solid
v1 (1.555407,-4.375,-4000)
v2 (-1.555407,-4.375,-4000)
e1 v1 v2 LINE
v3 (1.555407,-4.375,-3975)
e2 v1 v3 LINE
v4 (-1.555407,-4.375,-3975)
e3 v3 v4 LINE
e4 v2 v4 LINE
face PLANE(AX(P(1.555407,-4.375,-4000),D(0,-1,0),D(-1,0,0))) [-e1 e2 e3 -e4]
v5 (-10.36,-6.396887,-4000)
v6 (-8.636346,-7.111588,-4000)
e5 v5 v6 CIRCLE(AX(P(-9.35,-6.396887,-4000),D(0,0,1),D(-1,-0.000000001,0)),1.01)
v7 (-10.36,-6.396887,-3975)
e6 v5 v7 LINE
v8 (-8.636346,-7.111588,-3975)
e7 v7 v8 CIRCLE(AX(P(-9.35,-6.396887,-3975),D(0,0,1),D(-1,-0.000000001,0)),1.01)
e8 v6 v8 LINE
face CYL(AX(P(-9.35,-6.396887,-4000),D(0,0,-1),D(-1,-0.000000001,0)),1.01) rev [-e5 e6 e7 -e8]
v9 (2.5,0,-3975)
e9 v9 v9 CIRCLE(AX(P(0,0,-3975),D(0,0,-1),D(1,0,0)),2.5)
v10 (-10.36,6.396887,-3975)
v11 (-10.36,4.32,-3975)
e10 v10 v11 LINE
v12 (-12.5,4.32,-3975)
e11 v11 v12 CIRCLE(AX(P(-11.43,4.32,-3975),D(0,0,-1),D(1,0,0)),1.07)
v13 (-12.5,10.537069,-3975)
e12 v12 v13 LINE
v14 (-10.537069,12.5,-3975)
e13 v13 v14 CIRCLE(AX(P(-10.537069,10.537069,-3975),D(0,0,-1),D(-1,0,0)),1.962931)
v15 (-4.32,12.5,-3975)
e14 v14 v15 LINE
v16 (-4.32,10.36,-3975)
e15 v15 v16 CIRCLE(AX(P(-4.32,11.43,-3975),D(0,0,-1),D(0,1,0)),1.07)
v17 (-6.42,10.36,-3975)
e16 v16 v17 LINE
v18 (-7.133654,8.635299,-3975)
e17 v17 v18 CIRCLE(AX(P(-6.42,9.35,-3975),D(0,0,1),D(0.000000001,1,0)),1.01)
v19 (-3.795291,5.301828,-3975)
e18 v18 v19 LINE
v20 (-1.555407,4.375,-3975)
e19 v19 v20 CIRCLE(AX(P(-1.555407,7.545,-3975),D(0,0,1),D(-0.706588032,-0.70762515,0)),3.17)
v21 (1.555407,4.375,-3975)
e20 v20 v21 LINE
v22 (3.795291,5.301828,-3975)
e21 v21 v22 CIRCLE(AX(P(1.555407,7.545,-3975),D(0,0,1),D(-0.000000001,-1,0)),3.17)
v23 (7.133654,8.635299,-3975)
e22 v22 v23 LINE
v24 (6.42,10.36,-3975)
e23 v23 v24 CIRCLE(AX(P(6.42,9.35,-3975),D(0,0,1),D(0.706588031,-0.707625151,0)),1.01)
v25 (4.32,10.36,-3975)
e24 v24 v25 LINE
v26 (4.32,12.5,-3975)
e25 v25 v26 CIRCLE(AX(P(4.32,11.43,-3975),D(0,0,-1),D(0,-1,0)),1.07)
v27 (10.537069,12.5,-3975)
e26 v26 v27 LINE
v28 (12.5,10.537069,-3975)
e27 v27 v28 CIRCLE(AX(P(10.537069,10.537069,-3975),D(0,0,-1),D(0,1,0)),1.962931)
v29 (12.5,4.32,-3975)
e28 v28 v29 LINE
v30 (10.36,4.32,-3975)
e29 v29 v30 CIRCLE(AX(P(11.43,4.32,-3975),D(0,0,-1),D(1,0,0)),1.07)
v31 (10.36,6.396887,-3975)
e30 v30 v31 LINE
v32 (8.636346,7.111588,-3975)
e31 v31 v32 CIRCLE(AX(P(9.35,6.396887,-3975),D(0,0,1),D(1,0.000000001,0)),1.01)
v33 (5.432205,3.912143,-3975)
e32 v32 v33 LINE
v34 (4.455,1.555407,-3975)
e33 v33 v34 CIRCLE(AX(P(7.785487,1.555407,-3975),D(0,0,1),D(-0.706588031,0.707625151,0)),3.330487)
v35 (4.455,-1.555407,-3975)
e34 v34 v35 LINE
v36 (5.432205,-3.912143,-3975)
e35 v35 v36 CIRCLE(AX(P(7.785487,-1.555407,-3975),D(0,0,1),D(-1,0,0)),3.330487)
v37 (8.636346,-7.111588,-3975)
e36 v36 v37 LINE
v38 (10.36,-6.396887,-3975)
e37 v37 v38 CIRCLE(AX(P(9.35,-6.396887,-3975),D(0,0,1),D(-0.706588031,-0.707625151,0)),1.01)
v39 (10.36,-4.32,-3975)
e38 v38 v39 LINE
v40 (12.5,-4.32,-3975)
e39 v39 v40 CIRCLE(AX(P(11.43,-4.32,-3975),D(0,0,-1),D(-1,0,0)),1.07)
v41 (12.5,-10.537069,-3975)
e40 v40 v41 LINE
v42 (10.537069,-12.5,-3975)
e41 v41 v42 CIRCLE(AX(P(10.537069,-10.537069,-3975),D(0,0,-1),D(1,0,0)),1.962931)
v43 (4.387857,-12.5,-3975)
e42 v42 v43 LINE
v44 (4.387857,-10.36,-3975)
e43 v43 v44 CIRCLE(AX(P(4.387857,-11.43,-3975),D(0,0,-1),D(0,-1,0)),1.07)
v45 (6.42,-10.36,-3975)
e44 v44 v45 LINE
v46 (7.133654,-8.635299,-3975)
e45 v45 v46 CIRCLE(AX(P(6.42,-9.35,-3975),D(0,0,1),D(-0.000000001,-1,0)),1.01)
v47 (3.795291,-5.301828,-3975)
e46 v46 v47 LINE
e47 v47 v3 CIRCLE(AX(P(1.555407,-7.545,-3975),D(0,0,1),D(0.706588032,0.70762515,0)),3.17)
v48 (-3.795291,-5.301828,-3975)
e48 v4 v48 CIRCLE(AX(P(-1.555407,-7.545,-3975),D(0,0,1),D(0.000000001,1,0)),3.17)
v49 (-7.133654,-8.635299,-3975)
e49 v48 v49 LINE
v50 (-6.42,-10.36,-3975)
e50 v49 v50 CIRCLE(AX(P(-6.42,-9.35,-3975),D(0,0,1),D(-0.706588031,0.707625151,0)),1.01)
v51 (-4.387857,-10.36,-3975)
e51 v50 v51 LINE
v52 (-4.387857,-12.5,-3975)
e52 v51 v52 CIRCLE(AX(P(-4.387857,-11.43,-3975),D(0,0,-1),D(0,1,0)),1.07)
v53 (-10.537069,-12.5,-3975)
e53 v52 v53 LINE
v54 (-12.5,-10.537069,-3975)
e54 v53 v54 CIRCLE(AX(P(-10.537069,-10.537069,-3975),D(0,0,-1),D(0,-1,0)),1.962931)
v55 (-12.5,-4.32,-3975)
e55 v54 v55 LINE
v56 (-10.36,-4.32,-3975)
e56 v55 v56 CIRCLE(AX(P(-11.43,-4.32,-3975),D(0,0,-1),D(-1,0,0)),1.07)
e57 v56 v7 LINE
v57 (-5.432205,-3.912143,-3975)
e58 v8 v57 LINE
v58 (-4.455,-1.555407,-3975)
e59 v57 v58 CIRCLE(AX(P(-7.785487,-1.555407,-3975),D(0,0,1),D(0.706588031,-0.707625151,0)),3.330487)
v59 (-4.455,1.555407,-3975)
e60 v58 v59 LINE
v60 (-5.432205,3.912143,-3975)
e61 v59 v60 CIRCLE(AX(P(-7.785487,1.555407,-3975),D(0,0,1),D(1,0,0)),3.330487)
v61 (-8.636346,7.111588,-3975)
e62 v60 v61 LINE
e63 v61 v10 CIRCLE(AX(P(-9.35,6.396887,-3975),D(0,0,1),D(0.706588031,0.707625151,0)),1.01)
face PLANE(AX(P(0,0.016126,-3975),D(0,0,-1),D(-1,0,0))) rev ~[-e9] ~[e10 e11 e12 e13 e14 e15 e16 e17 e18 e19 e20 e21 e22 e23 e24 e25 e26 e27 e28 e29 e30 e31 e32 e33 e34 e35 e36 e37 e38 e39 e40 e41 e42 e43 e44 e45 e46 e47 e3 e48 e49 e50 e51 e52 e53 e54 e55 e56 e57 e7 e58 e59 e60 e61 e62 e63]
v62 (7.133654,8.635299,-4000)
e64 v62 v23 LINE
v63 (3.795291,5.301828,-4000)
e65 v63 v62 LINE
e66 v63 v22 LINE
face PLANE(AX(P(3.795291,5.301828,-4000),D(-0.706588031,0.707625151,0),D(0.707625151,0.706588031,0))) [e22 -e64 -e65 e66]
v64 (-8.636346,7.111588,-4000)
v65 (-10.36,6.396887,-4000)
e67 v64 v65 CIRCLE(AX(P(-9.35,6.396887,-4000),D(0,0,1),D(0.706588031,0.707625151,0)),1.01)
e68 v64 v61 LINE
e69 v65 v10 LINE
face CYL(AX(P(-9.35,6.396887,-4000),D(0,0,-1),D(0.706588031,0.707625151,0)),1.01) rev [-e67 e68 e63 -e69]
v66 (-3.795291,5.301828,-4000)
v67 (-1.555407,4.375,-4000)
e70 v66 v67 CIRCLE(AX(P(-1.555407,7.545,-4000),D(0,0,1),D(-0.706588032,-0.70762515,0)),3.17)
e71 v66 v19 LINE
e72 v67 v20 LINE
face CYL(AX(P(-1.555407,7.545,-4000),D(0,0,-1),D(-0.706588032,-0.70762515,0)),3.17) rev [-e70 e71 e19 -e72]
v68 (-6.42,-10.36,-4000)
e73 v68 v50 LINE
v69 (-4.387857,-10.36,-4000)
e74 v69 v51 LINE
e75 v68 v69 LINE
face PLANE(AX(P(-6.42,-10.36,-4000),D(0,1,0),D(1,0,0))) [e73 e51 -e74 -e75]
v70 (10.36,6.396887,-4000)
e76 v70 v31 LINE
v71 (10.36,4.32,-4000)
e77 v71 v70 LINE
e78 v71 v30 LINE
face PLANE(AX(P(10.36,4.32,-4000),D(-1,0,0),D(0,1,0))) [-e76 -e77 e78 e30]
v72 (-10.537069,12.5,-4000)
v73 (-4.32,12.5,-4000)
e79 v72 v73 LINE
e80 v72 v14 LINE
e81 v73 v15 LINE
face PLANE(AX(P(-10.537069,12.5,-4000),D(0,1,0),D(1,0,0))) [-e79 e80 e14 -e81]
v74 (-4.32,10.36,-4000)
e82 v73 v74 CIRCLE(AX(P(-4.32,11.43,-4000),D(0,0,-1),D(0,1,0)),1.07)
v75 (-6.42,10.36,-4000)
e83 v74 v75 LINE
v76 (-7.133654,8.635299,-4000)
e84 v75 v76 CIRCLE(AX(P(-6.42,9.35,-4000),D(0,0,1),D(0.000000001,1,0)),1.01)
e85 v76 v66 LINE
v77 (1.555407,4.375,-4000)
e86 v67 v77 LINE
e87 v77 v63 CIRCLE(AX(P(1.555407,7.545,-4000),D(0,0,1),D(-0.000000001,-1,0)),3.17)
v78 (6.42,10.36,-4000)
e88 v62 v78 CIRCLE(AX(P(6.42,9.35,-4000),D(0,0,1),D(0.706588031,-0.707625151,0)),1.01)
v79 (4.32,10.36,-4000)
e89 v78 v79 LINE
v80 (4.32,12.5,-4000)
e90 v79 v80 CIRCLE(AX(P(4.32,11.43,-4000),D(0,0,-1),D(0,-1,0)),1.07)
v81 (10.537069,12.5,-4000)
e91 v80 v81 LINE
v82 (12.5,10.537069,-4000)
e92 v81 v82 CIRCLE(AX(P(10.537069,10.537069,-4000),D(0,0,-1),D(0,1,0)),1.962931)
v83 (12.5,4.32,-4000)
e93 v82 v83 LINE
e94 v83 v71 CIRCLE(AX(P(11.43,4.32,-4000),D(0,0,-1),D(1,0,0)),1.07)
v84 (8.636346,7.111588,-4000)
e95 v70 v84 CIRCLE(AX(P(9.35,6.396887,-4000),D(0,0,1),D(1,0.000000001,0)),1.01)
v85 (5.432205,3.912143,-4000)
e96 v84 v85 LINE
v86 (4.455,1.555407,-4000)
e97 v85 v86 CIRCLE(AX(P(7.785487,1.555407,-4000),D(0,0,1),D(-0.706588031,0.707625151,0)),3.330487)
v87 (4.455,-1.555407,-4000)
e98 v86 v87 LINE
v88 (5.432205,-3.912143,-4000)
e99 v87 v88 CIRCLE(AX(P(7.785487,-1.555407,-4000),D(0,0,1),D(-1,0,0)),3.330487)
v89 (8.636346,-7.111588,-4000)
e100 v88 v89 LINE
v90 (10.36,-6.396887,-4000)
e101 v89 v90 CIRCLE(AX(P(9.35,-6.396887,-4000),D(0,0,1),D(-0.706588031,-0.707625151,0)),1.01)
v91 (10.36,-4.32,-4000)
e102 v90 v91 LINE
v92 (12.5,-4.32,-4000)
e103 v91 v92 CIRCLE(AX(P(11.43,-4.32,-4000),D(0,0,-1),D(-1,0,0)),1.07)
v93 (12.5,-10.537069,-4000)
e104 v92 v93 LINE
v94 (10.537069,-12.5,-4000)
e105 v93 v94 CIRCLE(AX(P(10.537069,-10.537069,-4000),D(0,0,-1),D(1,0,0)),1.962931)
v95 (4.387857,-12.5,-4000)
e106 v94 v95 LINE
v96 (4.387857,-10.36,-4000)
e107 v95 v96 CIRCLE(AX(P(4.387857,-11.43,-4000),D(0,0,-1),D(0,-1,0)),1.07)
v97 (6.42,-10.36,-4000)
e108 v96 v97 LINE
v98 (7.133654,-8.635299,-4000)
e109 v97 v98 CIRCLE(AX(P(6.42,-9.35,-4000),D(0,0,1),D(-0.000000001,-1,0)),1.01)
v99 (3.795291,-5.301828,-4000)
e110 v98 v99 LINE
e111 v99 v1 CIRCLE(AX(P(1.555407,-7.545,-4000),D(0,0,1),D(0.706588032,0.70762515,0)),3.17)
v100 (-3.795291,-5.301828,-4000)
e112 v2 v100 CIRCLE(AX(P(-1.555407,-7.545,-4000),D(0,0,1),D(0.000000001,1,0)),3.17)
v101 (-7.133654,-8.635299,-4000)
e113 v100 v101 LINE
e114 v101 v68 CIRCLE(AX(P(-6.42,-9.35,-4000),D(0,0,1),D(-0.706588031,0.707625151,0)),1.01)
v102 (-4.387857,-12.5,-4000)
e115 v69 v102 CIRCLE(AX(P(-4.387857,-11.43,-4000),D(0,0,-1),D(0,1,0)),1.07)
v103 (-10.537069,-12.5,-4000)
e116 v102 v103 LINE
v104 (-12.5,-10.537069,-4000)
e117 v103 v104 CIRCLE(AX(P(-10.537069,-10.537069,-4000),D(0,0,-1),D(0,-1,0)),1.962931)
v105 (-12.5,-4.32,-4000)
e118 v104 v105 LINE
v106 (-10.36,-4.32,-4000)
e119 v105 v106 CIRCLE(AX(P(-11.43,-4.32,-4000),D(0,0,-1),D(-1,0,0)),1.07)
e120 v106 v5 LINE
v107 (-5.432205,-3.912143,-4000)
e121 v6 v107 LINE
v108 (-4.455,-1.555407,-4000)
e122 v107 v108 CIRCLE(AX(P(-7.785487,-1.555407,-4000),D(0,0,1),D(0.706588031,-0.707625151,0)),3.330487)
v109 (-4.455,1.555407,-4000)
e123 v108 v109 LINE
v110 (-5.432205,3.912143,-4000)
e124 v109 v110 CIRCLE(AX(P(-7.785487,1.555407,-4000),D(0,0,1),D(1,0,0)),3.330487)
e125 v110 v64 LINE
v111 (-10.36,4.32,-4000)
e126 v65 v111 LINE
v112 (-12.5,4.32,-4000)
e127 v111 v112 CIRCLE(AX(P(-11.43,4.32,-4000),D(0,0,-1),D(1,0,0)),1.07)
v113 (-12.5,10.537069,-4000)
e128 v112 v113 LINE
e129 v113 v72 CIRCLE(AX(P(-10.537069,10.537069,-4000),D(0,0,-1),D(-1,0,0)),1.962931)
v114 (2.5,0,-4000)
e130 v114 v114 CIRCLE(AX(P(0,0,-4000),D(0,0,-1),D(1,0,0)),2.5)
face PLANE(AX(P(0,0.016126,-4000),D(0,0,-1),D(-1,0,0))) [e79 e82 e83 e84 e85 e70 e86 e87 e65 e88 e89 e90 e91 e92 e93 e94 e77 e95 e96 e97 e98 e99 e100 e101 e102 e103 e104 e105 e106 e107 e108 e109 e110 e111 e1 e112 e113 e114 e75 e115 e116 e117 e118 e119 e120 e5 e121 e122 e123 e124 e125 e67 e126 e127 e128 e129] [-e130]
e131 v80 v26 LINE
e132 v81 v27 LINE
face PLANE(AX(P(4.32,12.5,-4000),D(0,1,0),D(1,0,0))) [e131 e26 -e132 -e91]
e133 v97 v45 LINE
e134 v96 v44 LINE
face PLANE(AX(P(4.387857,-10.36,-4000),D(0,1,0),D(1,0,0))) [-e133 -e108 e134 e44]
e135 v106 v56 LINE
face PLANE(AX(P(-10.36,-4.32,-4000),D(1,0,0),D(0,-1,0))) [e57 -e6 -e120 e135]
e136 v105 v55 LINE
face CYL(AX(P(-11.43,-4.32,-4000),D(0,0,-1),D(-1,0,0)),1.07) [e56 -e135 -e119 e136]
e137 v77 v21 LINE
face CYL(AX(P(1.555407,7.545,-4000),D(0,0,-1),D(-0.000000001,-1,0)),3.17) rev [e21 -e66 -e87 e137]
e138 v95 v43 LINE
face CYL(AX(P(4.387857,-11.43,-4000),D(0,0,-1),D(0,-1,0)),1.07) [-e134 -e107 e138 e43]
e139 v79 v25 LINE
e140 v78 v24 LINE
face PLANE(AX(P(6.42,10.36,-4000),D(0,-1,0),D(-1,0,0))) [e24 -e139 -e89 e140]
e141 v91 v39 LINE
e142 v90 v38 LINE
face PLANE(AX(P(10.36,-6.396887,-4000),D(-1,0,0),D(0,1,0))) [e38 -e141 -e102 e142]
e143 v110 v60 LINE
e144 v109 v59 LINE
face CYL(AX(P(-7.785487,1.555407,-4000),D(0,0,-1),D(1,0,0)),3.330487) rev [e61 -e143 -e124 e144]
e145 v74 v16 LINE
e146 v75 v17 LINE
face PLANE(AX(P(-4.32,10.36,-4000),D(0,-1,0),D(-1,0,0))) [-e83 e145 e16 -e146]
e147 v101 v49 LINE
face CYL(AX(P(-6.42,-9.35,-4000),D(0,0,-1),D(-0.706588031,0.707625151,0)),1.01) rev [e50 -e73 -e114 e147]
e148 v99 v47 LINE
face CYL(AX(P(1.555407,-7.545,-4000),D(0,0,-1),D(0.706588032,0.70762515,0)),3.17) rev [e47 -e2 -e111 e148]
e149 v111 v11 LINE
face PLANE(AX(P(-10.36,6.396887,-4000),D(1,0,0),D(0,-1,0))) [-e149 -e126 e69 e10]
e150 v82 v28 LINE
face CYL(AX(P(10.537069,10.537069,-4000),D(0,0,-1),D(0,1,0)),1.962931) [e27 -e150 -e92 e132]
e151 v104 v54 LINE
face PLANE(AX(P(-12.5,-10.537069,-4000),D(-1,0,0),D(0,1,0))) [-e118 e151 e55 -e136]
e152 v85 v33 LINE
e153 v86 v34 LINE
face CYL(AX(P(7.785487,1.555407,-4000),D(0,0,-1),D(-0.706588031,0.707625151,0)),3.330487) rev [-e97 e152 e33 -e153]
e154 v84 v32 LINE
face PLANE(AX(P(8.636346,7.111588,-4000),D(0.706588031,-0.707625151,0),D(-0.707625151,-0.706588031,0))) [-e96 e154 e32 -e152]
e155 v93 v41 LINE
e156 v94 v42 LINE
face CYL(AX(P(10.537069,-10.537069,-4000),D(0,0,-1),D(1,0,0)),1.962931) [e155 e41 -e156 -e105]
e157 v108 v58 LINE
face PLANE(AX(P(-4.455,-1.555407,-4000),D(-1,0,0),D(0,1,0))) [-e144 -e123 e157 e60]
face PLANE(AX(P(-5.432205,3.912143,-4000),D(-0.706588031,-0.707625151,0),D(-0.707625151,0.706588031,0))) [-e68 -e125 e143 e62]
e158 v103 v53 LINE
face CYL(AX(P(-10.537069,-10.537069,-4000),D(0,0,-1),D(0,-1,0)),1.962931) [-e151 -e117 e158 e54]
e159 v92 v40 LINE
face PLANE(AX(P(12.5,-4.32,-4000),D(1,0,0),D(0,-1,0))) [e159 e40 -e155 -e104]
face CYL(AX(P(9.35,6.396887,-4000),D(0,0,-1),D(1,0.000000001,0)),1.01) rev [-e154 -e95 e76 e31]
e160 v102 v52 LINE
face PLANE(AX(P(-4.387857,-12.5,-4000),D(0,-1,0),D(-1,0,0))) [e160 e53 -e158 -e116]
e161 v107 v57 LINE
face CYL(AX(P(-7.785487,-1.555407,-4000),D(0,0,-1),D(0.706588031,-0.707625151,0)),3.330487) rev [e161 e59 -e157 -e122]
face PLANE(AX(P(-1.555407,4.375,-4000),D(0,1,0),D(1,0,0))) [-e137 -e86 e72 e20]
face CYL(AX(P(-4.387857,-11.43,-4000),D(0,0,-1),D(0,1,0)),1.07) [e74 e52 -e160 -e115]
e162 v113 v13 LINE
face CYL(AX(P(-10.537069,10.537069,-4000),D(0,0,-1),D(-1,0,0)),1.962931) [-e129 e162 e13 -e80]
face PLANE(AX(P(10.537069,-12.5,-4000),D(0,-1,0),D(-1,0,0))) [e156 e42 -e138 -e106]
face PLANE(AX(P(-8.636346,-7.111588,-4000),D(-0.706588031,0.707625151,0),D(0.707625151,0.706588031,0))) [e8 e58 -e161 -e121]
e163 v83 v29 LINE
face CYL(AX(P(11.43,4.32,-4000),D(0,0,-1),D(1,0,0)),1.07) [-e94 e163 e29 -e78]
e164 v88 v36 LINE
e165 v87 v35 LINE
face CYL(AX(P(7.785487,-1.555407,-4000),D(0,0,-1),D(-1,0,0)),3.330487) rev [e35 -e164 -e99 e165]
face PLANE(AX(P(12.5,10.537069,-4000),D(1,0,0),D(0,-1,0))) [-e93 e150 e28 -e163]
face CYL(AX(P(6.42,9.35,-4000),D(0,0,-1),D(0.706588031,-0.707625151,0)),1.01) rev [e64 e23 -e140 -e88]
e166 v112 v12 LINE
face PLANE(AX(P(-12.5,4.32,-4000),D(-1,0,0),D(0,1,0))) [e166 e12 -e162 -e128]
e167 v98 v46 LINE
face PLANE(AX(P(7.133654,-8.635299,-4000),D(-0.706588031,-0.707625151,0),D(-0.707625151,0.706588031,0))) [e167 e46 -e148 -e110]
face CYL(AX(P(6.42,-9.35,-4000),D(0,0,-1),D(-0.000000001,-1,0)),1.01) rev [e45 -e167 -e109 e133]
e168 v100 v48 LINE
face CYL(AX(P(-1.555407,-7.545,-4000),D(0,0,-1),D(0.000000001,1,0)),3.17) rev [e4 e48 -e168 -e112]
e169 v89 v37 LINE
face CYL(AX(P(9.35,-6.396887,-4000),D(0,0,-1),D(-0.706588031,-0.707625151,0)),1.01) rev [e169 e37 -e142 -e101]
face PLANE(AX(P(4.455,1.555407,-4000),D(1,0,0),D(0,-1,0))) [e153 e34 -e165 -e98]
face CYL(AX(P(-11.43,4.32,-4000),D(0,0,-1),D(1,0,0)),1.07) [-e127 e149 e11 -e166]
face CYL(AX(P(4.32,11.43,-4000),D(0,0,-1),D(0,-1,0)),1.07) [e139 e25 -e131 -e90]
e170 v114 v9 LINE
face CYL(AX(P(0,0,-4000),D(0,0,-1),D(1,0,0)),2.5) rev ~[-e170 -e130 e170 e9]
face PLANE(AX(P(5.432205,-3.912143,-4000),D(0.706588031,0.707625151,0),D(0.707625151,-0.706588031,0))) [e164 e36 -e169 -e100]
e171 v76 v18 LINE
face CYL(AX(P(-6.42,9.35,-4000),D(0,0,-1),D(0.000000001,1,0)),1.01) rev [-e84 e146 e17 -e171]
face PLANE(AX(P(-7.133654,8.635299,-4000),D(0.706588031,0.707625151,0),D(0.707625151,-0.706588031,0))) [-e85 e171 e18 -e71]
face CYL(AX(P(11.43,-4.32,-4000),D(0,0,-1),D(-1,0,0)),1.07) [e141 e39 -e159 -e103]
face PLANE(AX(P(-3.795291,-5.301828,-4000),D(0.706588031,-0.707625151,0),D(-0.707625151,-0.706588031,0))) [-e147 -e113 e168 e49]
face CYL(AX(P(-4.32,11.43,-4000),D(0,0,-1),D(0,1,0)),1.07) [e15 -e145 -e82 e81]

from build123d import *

# Parameters (mm, degrees)
SKETCH1_R           = 2.5
BOSS_EXTRUDE1_DEPTH = 25


with BuildPart() as part:
    # Sketch1 → Boss-Extrude1 (new body)
    with BuildSketch(Plane(origin=(0, 0, -4000), x_dir=(-1, 0, 0), z_dir=(0, 0, -1))):
        with BuildLine():
            Line((12.5, 4.32), (12.5, 10.537068835))
            ThreePointArc((12.5, 10.537068835), (11.925070773, 11.925070773), (10.537068835, 12.5))
            Line((10.537068835, 12.5), (4.32, 12.5))
            ThreePointArc((4.32, 12.5), (3.25, 11.43), (4.32, 10.36))
            Line((4.32, 10.36), (6.42, 10.36))
            ThreePointArc((6.42, 10.36), (7.35325999, 9.736168088), (7.133653911, 8.635298598))
            Line((7.133653911, 8.635298598), (3.795290766, 5.301828272))
            ThreePointArc((3.795290766, 5.301828272), (2.76743922, 4.61585726), (1.555406707, 4.375))
            Line((1.555406707, 4.375), (-1.555406707, 4.375))
            ThreePointArc((-1.555406707, 4.375), (-2.76743922, 4.61585726), (-3.795290766, 5.301828272))
            Line((-3.795290766, 5.301828272), (-7.133653912, 8.635298598))
            ThreePointArc((-7.133653912, 8.635298598), (-7.35325999, 9.736168088), (-6.42, 10.36))
            Line((-6.42, 10.36), (-4.32, 10.36))
            ThreePointArc((-4.32, 10.36), (-3.25, 11.43), (-4.32, 12.5))
            Line((-4.32, 12.5), (-10.537068835, 12.5))
            ThreePointArc((-10.537068835, 12.5), (-11.925070773, 11.925070773), (-12.5, 10.537068835))
            Line((-12.5, 10.537068835), (-12.5, 4.32))
            ThreePointArc((-12.5, 4.32), (-11.43, 3.25), (-10.36, 4.32))
            Line((-10.36, 4.32), (-10.36, 6.396886949))
            ThreePointArc((-10.36, 6.396886949), (-9.736852394, 7.329863489), (-8.636346088, 7.111588351))
            Line((-8.636346088, 7.111588351), (-5.432204773, 3.912143135))
            ThreePointArc((-5.432204773, 3.912143135), (-4.708985779, 2.831057106), (-4.455, 1.555406707))
            Line((-4.455, 1.555406707), (-4.455, -1.555406707))
            ThreePointArc((-4.455, -1.555406707), (-4.708985779, -2.831057106), (-5.432204773, -3.912143135))
            Line((-5.432204773, -3.912143135), (-8.636346088, -7.111588351))
            ThreePointArc((-8.636346088, -7.111588351), (-9.736852394, -7.329863489), (-10.36, -6.396886949))
            Line((-10.36, -6.396886949), (-10.36, -4.32))
            ThreePointArc((-10.36, -4.32), (-11.43, -3.25), (-12.5, -4.32))
            Line((-12.5, -4.32), (-12.5, -10.537068835))
            ThreePointArc((-12.5, -10.537068835), (-11.925070773, -11.925070773), (-10.537068835, -12.5))
            Line((-10.537068835, -12.5), (-4.387856959, -12.5))
            ThreePointArc((-4.387856959, -12.5), (-3.317856959, -11.43), (-4.387856959, -10.36))
            Line((-4.387856959, -10.36), (-6.42, -10.36))
            ThreePointArc((-6.42, -10.36), (-7.35325999, -9.736168088), (-7.133653912, -8.635298598))
            Line((-7.133653912, -8.635298598), (-3.795290766, -5.301828272))
            ThreePointArc((-3.795290766, -5.301828272), (-2.76743922, -4.61585726), (-1.555406707, -4.375))
            Line((-1.555406707, -4.375), (1.555406707, -4.375))
            ThreePointArc((1.555406707, -4.375), (2.76743922, -4.61585726), (3.795290766, -5.301828272))
            Line((3.795290766, -5.301828272), (7.133653912, -8.635298598))
            ThreePointArc((7.133653912, -8.635298598), (7.35325999, -9.736168088), (6.42, -10.36))
            Line((6.42, -10.36), (4.387856959, -10.36))
            ThreePointArc((4.387856959, -10.36), (3.317856959, -11.43), (4.387856959, -12.5))
            Line((4.387856959, -12.5), (10.537068835, -12.5))
            ThreePointArc((10.537068835, -12.5), (11.925070773, -11.925070773), (12.5, -10.537068835))
            Line((12.5, -10.537068835), (12.5, -4.32))
            ThreePointArc((12.5, -4.32), (11.43, -3.25), (10.36, -4.32))
            Line((10.36, -4.32), (10.36, -6.396886949))
            ThreePointArc((10.36, -6.396886949), (9.736852394, -7.329863489), (8.636346088, -7.111588351))
            Line((8.636346088, -7.111588351), (5.432204773, -3.912143135))
            ThreePointArc((5.432204773, -3.912143135), (4.708985779, -2.831057106), (4.455, -1.555406707))
            Line((4.455, -1.555406707), (4.455, 1.555406707))
            ThreePointArc((4.455, 1.555406707), (4.708985779, 2.831057106), (5.432204773, 3.912143135))
            Line((5.432204773, 3.912143135), (8.636346088, 7.111588351))
            ThreePointArc((8.636346088, 7.111588351), (9.736852394, 7.329863489), (10.36, 6.396886949))
            Line((10.36, 6.396886949), (10.36, 4.32))
            ThreePointArc((10.36, 4.32), (11.43, 3.25), (12.5, 4.32))
        make_face()
        with Locations(Location((0, 0, 0), (0, 0, 180))):
            Circle(SKETCH1_R, mode=Mode.SUBTRACT)
    extrude(amount=-BOSS_EXTRUDE1_DEPTH)


solid = part.part
